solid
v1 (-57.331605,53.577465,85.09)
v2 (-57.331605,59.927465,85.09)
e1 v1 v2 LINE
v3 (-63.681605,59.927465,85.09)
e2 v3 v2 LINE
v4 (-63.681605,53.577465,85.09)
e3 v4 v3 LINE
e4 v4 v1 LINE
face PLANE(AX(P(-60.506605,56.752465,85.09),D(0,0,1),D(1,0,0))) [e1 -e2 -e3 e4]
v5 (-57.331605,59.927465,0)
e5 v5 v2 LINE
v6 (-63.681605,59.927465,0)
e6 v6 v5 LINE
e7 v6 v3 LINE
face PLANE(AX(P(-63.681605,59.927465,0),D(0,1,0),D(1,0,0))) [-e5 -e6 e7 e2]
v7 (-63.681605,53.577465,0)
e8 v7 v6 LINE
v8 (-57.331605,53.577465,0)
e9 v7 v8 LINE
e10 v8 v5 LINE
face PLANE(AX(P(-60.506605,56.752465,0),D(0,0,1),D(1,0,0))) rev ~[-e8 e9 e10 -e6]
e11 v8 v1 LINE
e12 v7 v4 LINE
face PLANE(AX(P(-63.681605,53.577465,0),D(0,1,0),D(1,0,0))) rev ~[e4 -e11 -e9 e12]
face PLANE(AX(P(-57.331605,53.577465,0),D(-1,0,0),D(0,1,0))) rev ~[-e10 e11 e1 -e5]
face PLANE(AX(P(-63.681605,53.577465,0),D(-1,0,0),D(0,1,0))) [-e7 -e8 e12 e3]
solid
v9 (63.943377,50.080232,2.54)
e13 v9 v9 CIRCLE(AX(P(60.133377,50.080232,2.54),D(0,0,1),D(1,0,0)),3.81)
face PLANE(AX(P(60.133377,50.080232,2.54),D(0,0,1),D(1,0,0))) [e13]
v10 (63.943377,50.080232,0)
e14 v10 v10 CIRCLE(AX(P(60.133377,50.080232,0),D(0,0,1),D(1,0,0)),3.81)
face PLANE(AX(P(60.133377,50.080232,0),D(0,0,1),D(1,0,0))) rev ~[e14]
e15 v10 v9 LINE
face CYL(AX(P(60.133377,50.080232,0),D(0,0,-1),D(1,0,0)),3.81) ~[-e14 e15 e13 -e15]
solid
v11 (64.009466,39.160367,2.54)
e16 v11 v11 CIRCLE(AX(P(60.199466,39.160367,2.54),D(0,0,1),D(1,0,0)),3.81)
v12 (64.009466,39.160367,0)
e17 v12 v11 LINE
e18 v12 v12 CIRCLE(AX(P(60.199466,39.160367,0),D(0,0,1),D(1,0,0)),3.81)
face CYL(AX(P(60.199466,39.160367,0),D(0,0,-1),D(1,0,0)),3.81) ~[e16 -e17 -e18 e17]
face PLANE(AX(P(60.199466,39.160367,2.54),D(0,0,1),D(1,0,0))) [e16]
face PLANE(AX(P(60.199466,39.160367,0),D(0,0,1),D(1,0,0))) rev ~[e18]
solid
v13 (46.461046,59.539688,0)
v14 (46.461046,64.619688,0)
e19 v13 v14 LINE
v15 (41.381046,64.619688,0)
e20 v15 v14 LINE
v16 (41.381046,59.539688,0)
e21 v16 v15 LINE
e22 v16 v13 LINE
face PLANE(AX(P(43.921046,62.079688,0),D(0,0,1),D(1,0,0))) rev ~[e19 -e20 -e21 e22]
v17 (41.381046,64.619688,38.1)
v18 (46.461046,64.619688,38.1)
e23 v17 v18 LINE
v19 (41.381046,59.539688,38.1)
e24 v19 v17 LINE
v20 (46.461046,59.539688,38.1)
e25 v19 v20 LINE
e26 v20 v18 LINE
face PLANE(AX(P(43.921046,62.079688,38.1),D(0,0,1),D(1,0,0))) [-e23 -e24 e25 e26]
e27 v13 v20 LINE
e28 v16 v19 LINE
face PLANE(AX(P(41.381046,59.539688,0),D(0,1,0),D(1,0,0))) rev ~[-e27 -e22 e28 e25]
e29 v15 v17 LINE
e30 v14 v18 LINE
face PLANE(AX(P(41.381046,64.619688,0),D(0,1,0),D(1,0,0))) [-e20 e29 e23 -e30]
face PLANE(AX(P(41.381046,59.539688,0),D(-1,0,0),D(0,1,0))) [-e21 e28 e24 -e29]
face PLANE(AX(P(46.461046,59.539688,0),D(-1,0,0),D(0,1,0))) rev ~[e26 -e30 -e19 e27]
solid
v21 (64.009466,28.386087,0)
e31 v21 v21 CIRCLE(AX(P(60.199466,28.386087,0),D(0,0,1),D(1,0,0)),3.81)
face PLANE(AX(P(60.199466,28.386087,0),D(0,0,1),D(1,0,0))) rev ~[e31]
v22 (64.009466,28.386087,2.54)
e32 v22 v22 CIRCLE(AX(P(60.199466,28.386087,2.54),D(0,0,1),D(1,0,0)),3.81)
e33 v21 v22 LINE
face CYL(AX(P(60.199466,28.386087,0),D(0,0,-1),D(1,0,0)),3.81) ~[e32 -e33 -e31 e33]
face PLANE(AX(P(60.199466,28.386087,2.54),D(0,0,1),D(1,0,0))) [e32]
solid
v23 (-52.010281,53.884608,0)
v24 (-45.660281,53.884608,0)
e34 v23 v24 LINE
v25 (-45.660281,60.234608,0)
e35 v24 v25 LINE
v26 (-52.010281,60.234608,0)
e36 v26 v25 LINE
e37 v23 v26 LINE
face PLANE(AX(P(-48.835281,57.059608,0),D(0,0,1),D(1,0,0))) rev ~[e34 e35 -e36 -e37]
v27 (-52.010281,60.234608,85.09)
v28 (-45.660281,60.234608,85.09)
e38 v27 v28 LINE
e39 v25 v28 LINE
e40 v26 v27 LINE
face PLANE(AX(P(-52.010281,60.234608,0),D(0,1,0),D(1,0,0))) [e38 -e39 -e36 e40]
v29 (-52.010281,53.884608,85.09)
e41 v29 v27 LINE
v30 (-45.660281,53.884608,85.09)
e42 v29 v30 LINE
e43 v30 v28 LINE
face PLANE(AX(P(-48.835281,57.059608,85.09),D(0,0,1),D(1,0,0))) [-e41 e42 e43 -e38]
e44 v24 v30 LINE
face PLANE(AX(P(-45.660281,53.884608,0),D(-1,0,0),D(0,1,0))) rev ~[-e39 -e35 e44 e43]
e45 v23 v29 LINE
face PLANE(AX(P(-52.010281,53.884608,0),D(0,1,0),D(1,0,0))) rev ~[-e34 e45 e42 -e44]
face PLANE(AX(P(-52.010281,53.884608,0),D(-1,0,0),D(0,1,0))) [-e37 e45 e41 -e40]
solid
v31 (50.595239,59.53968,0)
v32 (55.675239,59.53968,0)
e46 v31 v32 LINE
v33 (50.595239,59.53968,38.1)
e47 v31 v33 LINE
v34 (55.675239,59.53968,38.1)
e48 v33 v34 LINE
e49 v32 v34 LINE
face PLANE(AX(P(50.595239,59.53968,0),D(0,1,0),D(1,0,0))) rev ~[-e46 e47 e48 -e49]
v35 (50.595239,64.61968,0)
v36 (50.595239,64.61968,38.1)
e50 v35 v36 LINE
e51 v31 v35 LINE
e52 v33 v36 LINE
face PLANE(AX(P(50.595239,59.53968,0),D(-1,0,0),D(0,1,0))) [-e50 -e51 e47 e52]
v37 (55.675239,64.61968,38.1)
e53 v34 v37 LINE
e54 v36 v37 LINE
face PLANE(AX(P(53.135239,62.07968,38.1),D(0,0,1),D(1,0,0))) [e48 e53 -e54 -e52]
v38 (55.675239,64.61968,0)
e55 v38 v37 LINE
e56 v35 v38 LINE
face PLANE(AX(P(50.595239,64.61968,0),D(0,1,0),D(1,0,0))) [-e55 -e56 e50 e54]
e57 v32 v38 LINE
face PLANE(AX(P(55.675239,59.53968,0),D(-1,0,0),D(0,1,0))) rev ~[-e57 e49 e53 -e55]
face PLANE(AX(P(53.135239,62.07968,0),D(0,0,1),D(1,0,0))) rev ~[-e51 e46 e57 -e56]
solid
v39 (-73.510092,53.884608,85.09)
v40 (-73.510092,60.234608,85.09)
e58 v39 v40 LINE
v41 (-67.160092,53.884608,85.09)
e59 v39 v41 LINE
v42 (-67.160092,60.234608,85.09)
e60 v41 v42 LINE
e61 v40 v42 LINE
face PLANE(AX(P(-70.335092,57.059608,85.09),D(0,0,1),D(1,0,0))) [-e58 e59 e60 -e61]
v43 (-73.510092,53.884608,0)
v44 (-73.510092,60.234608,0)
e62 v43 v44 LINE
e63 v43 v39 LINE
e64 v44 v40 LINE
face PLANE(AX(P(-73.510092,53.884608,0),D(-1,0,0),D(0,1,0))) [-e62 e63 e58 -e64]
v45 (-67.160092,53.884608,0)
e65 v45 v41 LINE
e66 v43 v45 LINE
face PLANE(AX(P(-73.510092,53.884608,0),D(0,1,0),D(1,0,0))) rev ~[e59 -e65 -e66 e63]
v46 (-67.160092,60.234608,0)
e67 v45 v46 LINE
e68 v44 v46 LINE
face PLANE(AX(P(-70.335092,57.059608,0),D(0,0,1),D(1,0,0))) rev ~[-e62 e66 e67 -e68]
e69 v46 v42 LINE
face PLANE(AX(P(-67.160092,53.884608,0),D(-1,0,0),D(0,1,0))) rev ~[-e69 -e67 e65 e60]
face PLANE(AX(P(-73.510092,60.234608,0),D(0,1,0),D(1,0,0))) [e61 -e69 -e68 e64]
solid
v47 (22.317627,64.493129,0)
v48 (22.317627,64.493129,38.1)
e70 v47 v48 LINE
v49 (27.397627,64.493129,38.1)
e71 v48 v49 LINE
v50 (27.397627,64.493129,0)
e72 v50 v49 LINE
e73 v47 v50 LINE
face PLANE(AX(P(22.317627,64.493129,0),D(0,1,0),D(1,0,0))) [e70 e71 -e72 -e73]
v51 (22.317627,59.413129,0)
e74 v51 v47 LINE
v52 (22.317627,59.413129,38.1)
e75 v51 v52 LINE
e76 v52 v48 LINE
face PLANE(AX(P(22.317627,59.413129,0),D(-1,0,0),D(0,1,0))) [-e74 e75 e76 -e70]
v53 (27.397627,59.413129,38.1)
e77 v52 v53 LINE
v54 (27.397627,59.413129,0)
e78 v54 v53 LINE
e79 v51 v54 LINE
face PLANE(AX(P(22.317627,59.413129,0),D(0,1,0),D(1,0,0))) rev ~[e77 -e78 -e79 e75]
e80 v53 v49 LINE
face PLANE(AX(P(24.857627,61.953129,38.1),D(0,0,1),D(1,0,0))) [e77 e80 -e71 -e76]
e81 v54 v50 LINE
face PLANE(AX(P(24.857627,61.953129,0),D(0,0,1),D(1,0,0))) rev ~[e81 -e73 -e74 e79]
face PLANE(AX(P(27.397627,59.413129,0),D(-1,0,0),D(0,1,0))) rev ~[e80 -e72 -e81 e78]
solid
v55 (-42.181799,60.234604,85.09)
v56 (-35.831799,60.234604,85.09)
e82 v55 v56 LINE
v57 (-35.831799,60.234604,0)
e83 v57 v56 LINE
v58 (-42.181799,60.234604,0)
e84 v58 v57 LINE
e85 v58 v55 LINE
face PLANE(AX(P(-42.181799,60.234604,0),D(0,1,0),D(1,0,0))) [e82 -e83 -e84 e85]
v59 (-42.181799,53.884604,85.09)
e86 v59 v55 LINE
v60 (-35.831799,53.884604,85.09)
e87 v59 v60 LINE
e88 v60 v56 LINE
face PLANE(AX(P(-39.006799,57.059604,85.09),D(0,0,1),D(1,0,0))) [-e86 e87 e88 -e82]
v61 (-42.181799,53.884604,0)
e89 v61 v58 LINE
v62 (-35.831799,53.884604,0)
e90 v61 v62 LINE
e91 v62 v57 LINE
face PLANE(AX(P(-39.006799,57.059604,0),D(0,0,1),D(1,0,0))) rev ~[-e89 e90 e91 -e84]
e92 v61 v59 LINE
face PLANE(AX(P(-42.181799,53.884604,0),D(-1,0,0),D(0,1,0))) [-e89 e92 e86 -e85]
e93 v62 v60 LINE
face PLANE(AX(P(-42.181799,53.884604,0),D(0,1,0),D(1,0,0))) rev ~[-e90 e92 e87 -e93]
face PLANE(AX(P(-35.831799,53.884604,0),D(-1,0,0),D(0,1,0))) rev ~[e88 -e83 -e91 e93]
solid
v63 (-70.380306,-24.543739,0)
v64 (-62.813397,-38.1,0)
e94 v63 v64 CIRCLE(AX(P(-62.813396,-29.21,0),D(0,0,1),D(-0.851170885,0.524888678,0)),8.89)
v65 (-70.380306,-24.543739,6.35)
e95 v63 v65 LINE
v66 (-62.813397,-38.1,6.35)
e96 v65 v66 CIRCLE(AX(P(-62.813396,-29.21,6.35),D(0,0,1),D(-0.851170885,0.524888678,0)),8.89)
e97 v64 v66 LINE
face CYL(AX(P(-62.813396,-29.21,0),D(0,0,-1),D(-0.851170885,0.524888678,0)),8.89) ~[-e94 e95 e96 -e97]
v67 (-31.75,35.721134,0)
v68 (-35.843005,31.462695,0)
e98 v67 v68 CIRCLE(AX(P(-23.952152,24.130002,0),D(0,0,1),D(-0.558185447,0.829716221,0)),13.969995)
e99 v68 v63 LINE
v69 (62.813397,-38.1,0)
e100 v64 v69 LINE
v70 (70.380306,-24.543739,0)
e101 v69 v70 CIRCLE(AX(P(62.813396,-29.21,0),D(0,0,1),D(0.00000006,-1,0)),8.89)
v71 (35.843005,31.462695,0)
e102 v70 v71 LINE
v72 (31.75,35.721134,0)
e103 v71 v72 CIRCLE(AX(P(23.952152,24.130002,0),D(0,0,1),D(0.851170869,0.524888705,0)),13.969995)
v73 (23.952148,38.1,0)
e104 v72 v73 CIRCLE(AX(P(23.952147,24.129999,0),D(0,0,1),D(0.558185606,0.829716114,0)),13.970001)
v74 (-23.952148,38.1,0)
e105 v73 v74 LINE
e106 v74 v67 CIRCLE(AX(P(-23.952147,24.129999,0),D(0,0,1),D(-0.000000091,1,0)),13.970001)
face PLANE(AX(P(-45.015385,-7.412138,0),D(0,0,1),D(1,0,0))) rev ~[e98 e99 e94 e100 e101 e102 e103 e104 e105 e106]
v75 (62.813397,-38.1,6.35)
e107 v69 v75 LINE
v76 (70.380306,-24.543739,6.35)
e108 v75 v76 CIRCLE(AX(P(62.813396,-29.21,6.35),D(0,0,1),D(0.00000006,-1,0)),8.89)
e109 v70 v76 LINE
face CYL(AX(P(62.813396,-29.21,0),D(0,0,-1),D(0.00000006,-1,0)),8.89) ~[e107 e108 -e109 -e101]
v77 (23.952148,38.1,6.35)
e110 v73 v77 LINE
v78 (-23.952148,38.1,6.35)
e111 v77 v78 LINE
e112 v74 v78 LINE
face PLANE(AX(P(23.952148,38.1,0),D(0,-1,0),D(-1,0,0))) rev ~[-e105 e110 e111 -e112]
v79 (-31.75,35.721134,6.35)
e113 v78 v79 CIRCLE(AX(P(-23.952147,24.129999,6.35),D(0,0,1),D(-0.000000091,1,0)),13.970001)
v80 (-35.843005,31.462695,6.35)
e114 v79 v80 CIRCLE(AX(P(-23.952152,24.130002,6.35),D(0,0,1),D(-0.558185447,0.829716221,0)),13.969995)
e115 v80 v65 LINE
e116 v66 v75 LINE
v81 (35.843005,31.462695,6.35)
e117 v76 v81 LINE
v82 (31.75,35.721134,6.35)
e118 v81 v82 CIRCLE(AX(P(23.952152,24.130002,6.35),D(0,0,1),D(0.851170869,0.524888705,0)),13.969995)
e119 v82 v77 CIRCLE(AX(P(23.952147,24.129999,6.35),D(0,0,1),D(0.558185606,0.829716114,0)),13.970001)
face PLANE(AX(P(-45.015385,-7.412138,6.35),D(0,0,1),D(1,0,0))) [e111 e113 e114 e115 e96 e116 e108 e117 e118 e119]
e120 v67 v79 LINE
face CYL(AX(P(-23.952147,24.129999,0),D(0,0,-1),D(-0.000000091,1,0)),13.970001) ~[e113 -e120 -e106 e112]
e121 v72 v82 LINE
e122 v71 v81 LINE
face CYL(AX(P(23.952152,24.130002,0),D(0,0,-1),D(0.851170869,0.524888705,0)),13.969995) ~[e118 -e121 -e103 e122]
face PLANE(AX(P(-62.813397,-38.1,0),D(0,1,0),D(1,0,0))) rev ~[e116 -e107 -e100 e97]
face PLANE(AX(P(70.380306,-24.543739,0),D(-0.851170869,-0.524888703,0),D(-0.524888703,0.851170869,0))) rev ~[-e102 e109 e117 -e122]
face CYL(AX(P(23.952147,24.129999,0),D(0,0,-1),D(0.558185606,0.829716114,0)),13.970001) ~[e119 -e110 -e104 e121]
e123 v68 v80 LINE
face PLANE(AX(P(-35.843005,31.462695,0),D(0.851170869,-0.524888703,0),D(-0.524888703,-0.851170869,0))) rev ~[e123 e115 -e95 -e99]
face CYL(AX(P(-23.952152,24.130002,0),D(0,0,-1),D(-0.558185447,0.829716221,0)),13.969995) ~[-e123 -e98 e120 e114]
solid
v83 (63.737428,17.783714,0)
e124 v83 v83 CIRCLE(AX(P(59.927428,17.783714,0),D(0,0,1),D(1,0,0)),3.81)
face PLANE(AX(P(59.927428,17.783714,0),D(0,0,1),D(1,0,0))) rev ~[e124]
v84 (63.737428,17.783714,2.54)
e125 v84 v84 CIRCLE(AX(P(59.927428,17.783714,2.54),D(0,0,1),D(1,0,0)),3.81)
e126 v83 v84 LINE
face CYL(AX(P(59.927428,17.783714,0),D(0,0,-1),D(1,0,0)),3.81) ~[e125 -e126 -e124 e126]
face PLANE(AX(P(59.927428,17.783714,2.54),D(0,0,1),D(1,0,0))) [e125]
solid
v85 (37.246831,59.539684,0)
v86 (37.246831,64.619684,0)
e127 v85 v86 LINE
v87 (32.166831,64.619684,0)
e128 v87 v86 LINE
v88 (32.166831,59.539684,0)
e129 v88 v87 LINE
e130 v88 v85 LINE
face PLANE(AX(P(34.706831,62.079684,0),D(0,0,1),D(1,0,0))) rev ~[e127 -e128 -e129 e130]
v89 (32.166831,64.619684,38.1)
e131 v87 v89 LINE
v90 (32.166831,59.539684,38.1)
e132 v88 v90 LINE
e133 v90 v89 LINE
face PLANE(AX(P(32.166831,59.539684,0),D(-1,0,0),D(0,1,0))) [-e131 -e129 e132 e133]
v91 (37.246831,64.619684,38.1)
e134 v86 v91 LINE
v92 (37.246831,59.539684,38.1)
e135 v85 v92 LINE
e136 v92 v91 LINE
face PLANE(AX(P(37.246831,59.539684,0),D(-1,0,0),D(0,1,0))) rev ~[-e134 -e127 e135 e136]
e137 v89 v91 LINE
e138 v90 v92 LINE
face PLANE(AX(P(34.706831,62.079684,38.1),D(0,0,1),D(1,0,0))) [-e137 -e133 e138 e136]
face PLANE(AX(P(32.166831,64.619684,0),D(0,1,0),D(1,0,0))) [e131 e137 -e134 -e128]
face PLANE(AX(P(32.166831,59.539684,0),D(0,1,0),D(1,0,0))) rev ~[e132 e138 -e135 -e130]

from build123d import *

# Parameters (mm, degrees)
F1_DEPTH = 6.35
F2_W     = 6.35
F2_H     = 6.35
F3_DEPTH = 85.09
F4_W     = 5.08
F4_H     = 5.08
F5_DEPTH = 38.1
F6_R     = 3.81
F7_DEPTH = 2.54


with BuildPart() as f1:
    # F0 (on Top) → F1 (new body)
    with BuildSketch(Plane.XY):
        with BuildLine():
            Line((-31.75, -38.1), (-31.75, 35.721134))
            ThreePointArc((-31.75, 35.721134), (-34.024133, 33.810703), (-35.843005, 31.462695))
            Line((-35.843005, 31.462695), (-70.380306, -24.543739))
            ThreePointArc((-70.380306, -24.543739), (-70.575972, -33.542958), (-62.813397, -38.1))
            Line((-62.813397, -38.1), (-31.75, -38.1))
        make_face()
        with BuildLine():
            Line((23.952148, 38.1), (-23.952148, 38.1))
            ThreePointArc((-23.952148, 38.1), (-28.028467, 37.492055), (-31.75, 35.721134))
            Line((-31.75, 35.721134), (-31.75, -38.1))
            Line((-31.75, -38.1), (31.75, -38.1))
            Line((31.75, -38.1), (31.75, 35.721134))
            ThreePointArc((31.75, 35.721134), (28.028467, 37.492055), (23.952148, 38.1))
        make_face()
        with BuildLine():
            ThreePointArc((35.843005, 31.462695), (34.024133, 33.810703), (31.75, 35.721134))
            Line((31.75, 35.721134), (31.75, -38.1))
            Line((31.75, -38.1), (62.813397, -38.1))
            ThreePointArc((62.813397, -38.1), (70.575972, -33.542958), (70.380306, -24.543739))
            Line((70.380306, -24.543739), (35.843005, 31.462695))
        make_face()
    extrude(amount=F1_DEPTH)


with BuildPart() as f3:
    # F2 (on Top) → F3 (new body)
    with BuildSketch(Plane.XY):
        with Locations((-60.506605, 56.752465)):
            Rectangle(F2_W, F2_H)
        with Locations((-70.335092, 57.059608)):
            Rectangle(F2_W, F2_H)
        with Locations((-48.835281, 57.059608)):
            Rectangle(F2_W, F2_H)
        with Locations((-39.006799, 57.059604)):
            Rectangle(F2_W, F2_H)
    extrude(amount=F3_DEPTH)


with BuildPart() as f5:
    # F4 (on Top) → F5 (new body)
    with BuildSketch(Plane.XY):
        with Locations((34.706831, 62.079684)):
            Rectangle(F4_W, F4_H)
        with Locations((24.857627, 61.953129)):
            Rectangle(F4_W, F4_H)
        with Locations((43.921046, 62.079688)):
            Rectangle(F4_W, F4_H)
        with Locations((53.135239, 62.07968)):
            Rectangle(F4_W, F4_H)
    extrude(amount=F5_DEPTH)


with BuildPart() as f7:
    # F6 (on Top) → F7 (new body)
    with BuildSketch(Plane.XY):
        with Locations((60.133377, 50.080232)):
            Circle(F6_R)
        with Locations((60.199466, 39.160367)):
            Circle(F6_R)
        with Locations((60.199466, 28.386087)):
            Circle(F6_R)
        with Locations((59.927428, 17.783714)):
            Circle(F6_R)
    extrude(amount=F7_DEPTH)


solid = Compound([f1.part, f3.part, f5.part, f7.part])
